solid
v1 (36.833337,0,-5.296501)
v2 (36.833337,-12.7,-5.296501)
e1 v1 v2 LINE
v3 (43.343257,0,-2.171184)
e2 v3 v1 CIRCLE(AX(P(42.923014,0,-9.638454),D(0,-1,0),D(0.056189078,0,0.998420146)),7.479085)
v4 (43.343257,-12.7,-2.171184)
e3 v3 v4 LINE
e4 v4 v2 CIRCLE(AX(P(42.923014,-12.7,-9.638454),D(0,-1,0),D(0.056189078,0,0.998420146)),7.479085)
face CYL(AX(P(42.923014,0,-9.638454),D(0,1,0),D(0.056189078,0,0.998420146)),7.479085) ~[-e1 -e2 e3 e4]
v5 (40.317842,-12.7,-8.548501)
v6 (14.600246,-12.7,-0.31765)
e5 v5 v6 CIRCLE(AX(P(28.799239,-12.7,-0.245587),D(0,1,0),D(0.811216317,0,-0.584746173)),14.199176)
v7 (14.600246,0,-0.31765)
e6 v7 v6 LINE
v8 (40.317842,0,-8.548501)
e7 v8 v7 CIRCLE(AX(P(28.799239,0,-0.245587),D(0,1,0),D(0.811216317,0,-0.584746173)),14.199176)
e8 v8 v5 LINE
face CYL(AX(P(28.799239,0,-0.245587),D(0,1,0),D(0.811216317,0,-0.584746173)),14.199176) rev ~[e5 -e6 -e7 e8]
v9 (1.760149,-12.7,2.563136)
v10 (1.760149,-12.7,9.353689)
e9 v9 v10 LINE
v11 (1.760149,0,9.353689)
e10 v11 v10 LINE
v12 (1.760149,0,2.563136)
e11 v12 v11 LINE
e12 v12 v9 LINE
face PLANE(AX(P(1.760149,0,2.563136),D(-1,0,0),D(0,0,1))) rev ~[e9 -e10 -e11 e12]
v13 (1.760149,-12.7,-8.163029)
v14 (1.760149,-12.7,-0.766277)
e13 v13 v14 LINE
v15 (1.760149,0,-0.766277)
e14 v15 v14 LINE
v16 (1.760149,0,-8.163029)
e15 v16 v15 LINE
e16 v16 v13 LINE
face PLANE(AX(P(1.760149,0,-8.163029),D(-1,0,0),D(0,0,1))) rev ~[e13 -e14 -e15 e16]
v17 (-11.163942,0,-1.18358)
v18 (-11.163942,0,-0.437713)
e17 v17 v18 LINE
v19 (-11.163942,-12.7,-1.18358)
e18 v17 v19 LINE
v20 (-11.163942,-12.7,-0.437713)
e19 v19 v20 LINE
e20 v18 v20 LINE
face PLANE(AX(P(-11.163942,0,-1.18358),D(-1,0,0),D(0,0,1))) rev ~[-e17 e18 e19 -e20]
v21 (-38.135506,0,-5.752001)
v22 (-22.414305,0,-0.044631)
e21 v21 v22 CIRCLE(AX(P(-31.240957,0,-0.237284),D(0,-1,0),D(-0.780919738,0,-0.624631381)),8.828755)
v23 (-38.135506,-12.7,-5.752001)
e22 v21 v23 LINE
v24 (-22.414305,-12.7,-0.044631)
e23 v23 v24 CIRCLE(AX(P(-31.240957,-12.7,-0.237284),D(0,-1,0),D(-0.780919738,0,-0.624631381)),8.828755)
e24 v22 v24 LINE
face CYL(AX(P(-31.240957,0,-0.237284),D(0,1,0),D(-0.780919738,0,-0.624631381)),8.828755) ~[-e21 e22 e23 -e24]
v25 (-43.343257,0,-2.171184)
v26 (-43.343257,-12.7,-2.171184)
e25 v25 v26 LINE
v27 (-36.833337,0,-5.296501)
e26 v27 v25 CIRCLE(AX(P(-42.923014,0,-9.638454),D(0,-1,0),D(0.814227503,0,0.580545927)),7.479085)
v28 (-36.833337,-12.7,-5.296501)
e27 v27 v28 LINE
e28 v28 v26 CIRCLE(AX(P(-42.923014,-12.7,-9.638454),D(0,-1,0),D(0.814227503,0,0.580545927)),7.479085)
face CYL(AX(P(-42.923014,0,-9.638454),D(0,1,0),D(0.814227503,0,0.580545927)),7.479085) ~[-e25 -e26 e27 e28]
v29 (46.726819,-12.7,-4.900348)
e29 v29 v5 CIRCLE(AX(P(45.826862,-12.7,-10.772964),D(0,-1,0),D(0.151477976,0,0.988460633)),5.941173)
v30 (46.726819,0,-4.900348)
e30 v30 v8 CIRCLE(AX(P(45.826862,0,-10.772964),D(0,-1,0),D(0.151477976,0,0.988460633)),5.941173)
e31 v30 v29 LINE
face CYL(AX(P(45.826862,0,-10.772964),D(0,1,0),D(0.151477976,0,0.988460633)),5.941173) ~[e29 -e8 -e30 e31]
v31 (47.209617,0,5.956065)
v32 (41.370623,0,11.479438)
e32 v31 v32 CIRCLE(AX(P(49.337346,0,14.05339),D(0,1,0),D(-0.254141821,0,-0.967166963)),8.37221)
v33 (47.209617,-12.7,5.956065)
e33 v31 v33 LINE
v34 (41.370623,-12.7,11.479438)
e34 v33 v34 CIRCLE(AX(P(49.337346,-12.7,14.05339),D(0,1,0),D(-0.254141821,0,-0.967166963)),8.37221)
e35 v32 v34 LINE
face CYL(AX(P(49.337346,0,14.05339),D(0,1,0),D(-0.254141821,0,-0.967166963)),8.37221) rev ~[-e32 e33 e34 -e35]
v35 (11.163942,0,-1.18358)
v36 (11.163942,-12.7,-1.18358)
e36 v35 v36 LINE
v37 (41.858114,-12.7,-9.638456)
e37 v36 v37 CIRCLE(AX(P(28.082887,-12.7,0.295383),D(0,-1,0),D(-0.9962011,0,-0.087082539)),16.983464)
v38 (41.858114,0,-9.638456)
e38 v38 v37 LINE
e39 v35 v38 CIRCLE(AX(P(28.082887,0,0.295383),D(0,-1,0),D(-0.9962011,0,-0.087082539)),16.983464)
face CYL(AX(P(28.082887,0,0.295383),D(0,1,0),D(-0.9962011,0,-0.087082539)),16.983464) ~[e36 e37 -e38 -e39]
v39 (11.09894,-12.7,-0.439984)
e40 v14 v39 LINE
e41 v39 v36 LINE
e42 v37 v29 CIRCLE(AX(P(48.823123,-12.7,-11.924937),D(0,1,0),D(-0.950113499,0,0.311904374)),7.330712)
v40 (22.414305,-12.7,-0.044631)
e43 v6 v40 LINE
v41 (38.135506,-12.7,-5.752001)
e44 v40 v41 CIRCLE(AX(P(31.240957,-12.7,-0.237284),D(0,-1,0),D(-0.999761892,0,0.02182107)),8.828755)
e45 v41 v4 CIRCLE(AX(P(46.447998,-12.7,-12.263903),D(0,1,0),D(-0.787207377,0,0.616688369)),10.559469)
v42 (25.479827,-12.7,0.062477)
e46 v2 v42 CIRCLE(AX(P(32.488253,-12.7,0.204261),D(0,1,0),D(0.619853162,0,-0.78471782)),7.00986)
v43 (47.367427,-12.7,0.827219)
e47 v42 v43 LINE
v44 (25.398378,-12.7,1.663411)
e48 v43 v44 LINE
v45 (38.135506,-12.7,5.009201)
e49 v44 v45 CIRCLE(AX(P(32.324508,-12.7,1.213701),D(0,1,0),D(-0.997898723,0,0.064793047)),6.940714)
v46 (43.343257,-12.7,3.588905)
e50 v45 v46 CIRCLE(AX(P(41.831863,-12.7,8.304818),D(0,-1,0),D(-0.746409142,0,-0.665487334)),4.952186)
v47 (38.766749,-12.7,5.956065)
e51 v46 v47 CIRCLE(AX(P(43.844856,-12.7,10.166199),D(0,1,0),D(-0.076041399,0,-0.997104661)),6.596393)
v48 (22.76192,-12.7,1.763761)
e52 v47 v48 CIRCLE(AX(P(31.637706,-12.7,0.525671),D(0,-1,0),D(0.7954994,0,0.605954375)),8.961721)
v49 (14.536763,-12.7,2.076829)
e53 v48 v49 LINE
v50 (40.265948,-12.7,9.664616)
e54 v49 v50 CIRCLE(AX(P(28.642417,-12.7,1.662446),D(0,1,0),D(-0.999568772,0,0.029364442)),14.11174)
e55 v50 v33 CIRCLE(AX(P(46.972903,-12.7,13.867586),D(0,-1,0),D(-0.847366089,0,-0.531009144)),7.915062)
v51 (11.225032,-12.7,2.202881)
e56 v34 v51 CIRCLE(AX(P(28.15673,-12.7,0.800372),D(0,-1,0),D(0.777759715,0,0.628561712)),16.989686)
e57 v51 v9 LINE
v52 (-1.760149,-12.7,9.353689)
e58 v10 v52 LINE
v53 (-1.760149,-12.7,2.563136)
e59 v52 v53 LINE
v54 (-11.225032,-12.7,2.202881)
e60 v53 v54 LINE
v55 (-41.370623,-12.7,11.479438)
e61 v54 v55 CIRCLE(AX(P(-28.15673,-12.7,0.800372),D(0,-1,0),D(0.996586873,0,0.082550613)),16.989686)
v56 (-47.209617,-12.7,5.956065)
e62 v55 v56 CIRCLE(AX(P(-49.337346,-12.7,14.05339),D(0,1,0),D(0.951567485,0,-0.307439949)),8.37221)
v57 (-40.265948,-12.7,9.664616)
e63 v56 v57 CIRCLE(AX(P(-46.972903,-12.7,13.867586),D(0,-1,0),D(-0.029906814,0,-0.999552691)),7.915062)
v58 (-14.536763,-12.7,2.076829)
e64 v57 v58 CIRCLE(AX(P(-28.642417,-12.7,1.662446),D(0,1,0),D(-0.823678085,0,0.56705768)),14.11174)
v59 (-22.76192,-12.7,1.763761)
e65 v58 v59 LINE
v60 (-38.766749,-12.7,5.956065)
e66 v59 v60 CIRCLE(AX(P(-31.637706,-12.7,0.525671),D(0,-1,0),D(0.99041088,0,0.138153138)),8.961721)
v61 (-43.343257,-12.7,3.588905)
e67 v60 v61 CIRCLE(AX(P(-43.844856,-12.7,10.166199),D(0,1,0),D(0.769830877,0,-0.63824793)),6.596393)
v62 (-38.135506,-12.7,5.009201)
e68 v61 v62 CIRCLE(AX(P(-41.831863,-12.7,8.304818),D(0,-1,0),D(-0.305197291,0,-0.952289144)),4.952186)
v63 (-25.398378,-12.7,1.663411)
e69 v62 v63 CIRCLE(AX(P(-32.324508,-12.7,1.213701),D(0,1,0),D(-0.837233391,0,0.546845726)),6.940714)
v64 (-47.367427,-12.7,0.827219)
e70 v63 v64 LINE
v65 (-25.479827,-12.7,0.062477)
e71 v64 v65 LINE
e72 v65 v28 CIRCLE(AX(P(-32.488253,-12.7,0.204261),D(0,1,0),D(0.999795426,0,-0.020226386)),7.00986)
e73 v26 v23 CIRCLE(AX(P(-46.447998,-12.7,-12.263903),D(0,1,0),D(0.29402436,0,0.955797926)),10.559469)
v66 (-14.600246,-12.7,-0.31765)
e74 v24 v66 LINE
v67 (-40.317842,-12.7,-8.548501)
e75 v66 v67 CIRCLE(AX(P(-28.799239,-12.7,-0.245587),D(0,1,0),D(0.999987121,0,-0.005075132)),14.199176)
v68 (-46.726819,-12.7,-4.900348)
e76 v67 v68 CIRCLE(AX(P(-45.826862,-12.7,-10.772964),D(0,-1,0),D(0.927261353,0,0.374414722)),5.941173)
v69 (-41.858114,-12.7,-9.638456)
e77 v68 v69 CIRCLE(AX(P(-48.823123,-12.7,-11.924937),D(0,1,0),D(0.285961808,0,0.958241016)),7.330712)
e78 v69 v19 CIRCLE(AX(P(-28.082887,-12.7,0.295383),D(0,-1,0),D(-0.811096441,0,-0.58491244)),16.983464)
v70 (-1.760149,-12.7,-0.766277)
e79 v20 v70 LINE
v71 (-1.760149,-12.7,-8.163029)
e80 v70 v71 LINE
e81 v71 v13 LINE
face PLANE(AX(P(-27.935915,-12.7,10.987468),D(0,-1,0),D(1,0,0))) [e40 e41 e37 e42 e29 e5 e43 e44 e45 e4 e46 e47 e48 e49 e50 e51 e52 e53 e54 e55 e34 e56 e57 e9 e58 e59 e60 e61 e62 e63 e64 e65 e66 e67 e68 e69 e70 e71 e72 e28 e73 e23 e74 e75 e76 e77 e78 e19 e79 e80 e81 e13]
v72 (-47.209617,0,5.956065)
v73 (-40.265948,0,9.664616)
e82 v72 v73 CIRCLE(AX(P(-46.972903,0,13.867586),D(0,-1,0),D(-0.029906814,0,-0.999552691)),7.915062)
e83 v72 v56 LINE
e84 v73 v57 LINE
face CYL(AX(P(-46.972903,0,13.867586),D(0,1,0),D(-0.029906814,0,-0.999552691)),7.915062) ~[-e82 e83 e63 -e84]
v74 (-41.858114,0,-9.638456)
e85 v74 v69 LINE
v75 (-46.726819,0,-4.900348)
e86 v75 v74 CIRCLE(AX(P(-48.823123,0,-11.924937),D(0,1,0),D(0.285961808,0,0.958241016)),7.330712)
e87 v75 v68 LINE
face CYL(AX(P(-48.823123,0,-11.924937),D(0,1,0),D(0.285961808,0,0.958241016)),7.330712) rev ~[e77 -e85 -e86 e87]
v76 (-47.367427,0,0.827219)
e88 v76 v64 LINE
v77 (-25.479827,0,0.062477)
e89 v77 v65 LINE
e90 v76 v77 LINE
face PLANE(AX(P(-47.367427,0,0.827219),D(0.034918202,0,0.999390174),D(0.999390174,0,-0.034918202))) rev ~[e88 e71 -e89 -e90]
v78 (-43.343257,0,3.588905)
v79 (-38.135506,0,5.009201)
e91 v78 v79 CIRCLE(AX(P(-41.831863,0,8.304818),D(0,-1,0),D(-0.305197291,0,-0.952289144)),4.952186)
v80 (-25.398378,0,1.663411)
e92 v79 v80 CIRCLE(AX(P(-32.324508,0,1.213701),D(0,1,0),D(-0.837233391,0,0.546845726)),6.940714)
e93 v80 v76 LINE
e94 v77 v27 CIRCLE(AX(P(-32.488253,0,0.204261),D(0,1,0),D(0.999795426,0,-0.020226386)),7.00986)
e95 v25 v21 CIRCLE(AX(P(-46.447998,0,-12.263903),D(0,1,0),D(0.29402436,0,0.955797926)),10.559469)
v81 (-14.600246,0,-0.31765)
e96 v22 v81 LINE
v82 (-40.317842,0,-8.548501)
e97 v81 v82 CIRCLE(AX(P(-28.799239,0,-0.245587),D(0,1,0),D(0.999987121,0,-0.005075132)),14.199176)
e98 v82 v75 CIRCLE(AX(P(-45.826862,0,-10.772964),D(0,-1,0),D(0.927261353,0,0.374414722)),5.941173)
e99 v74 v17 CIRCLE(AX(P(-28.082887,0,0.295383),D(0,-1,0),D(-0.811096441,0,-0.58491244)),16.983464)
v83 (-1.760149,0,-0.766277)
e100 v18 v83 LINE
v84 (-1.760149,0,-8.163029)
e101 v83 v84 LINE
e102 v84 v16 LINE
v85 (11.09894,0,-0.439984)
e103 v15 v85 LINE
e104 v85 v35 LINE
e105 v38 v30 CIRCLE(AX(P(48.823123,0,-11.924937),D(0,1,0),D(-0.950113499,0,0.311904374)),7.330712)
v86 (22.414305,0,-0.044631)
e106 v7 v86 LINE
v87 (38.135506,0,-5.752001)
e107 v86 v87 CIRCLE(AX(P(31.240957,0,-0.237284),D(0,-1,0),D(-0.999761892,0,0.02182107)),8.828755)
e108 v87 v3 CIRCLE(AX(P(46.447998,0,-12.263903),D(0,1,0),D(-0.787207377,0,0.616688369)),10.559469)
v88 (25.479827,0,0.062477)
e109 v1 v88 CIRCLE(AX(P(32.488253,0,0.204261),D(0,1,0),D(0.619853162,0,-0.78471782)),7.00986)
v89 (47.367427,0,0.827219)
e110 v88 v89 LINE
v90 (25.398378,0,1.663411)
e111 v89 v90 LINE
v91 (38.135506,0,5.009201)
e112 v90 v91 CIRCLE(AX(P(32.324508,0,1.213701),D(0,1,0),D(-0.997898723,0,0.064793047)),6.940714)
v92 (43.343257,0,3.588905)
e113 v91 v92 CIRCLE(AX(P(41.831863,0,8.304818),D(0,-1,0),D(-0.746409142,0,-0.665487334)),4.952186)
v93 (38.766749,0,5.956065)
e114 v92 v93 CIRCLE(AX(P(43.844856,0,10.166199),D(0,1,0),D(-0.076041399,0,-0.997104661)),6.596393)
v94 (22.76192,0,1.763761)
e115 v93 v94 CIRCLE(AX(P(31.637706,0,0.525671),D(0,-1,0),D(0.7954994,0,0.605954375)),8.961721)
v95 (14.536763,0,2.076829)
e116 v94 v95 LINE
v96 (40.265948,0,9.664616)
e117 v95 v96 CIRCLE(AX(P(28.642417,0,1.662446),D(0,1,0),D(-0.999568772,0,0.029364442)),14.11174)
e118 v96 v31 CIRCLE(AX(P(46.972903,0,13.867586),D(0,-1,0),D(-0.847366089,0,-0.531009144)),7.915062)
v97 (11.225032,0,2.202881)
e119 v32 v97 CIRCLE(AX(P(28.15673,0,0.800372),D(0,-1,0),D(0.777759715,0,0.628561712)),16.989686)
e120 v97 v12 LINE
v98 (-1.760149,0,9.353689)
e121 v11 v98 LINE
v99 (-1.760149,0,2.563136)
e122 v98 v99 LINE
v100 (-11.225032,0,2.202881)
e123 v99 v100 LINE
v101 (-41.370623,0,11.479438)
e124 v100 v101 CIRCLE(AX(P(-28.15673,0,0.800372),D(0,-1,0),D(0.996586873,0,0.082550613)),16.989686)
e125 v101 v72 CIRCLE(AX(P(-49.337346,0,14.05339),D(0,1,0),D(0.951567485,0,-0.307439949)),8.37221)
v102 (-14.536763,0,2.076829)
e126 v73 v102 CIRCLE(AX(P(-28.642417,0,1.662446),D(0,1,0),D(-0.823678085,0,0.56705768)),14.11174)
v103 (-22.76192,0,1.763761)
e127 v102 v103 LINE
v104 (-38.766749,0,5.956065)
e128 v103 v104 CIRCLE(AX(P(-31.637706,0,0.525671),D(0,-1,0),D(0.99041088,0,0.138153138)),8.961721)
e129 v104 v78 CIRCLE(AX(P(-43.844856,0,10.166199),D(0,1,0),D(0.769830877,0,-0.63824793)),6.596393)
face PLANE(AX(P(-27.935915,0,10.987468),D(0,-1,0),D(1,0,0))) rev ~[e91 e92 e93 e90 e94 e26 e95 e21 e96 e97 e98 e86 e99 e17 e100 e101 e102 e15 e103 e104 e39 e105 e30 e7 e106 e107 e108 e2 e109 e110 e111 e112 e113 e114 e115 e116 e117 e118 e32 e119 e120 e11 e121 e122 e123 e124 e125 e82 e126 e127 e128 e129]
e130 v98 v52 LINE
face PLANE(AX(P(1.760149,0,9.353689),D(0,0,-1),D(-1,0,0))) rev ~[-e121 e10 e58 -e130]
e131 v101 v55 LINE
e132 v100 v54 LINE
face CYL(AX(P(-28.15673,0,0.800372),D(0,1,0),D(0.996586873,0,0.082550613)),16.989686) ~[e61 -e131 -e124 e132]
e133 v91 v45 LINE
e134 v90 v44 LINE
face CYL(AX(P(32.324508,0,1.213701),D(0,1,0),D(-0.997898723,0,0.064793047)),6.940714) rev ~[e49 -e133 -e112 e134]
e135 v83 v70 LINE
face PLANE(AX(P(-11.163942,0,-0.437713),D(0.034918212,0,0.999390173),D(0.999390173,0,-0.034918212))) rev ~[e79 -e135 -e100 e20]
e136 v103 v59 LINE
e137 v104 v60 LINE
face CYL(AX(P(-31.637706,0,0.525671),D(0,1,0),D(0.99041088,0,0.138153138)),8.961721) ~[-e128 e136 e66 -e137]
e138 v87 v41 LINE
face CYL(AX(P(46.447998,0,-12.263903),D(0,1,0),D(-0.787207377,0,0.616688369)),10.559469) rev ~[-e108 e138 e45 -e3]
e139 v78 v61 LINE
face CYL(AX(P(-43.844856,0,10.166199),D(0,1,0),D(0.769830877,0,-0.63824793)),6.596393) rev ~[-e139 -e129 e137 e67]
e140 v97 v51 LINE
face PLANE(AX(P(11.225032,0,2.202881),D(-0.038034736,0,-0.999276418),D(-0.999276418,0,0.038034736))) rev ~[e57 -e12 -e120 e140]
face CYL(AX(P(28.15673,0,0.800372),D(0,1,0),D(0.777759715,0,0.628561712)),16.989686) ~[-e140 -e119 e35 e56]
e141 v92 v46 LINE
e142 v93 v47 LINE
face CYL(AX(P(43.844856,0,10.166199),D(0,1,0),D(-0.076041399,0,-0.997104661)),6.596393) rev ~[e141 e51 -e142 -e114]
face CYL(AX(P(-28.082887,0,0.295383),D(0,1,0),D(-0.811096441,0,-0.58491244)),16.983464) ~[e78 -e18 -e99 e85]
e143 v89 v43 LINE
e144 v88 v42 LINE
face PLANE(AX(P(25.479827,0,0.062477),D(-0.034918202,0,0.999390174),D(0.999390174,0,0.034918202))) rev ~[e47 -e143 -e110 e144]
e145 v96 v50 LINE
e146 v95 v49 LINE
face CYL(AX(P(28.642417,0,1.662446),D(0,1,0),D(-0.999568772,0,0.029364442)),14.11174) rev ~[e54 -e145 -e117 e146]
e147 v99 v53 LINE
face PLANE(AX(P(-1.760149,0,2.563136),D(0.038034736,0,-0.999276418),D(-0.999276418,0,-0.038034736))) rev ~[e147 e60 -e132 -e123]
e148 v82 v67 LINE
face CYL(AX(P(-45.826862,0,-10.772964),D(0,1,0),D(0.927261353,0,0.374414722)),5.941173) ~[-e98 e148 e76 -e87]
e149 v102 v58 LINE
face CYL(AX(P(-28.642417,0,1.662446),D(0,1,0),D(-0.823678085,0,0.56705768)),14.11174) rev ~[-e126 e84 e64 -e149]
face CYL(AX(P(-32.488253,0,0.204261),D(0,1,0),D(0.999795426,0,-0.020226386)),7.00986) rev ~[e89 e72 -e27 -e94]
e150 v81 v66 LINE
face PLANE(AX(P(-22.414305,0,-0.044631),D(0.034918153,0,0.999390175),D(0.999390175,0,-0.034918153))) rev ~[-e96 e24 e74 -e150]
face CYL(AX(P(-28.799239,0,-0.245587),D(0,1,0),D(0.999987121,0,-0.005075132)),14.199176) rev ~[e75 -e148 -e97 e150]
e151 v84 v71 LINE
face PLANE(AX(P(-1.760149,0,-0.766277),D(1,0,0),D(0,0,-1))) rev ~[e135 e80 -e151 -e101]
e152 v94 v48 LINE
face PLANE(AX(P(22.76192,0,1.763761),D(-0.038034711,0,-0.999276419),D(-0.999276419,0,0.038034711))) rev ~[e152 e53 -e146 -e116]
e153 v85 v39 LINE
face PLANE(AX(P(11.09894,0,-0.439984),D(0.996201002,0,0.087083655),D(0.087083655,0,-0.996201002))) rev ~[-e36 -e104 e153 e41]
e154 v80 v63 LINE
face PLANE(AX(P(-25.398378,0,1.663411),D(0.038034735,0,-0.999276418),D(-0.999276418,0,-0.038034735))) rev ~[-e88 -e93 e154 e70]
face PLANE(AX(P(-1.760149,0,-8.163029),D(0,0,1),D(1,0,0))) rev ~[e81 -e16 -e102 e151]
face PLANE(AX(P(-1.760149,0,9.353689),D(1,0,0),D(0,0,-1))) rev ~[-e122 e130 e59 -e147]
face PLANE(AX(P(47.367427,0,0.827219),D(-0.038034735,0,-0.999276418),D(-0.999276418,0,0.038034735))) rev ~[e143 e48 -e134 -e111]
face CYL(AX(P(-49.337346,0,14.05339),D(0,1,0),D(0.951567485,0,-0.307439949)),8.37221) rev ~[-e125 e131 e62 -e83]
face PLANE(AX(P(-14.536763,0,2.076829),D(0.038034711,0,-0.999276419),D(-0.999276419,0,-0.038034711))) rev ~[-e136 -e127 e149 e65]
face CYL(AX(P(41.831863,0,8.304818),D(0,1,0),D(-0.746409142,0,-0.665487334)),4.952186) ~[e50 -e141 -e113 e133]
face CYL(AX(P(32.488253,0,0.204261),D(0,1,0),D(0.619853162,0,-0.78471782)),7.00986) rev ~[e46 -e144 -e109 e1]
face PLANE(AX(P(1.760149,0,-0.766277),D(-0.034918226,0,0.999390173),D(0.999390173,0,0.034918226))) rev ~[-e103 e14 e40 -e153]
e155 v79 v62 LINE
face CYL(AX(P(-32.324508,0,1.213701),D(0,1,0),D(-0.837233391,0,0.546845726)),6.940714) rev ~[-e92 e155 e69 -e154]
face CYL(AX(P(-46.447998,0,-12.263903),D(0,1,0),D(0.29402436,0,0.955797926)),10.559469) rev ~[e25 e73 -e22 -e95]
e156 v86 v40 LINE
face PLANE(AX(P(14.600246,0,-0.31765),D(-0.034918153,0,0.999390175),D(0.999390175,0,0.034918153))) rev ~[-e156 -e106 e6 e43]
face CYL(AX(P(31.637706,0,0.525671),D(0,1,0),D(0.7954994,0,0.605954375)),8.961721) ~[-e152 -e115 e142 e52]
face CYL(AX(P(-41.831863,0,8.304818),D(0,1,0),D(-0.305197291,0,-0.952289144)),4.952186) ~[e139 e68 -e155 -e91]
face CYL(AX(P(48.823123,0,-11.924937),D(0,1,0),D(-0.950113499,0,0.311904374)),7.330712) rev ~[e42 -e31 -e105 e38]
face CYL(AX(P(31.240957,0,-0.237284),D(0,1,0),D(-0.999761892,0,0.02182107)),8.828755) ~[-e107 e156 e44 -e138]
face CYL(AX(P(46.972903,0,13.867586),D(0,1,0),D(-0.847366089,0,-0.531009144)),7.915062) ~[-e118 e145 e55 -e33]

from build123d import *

# Parameters (mm, degrees)
F1_DEPTH = 12.7


with BuildPart() as f1:
    # F0 (on Front) → F1 (new body)
    with BuildSketch(Plane.XZ):
        with BuildLine():
            ThreePointArc((-40.265948, 9.664616), (-24.650693, 15.197856), (-14.536763, 2.076829))
            Line((-14.536763, 2.076829), (-11.225032, 2.202881))
            ThreePointArc((-11.225032, 2.202881), (-23.159816, 17.038607), (-41.370623, 11.479438))
            ThreePointArc((-41.370623, 11.479438), (-43.583964, 7.971244), (-47.209617, 5.956065))
            ThreePointArc((-47.209617, 5.956065), (-43.24405, 6.885906), (-40.265948, 9.664616))
        make_face()
        Polygon((-11.225032, 2.202881), (-14.536763, 2.076829), (-22.76192, 1.763761), (-25.398378, 1.663411), (-47.367427, 0.827219), (-25.479827, 0.062477), (-22.414305, -0.044631), (-14.600246, -0.31765), (-11.163942, -0.437713), (-1.760149, -0.766277), (-1.760149, -8.163029), (1.760149, -8.163029), (1.760149, -0.766277), (11.09894, -0.439984), (14.600246, -0.31765), (22.414305, -0.044631), (25.479827, 0.062477), (47.367427, 0.827219), (25.398378, 1.663411), (22.76192, 1.763761), (14.536763, 2.076829), (11.225032, 2.202881), (1.760149, 2.563136), (1.760149, 9.353689), (-1.760149, 9.353689), (-1.760149, 2.563136), align=None)
        with BuildLine():
            Line((-25.398378, 1.663411), (-22.76192, 1.763761))
            ThreePointArc((-22.76192, 1.763761), (-29.366884, 9.194916), (-38.766749, 5.956065))
            ThreePointArc((-38.766749, 5.956065), (-40.814321, 4.307167), (-43.343257, 3.588905))
            ThreePointArc((-43.343257, 3.588905), (-40.528857, 3.527128), (-38.135506, 5.009201))
            ThreePointArc((-38.135506, 5.009201), (-30.561143, 7.926678), (-25.398378, 1.663411))
        make_face()
        with BuildLine():
            Line((-22.414305, -0.044631), (-25.479827, 0.062477))
            ThreePointArc((-25.479827, 0.062477), (-29.496095, -6.134913), (-36.833337, -5.296501))
            ThreePointArc((-36.833337, -5.296501), (-39.686114, -2.89611), (-43.343257, -2.171184))
            ThreePointArc((-43.343257, -2.171184), (-40.465201, -3.562838), (-38.135506, -5.752001))
            ThreePointArc((-38.135506, -5.752001), (-28.228189, -8.536087), (-22.414305, -0.044631))
        make_face()
        with BuildLine():
            ThreePointArc((41.370623, 11.479438), (23.159816, 17.038607), (11.225032, 2.202881))
            Line((11.225032, 2.202881), (14.536763, 2.076829))
            ThreePointArc((14.536763, 2.076829), (24.650693, 15.197856), (40.265948, 9.664616))
            ThreePointArc((40.265948, 9.664616), (43.24405, 6.885906), (47.209617, 5.956065))
            ThreePointArc((47.209617, 5.956065), (43.583964, 7.971244), (41.370623, 11.479438))
        make_face()
        with BuildLine():
            Line((-11.163942, -0.437713), (-14.600246, -0.31765))
            ThreePointArc((-14.600246, -0.31765), (-24.471093, -13.769039), (-40.317842, -8.548501))
            ThreePointArc((-40.317842, -8.548501), (-42.887794, -5.609688), (-46.726819, -4.900348))
            ThreePointArc((-46.726819, -4.900348), (-43.710466, -6.671359), (-41.858114, -9.638456))
            ThreePointArc((-41.858114, -9.638456), (-23.572679, -16.078256), (-11.163942, -1.18358))
            Line((-11.163942, -1.18358), (-11.163942, -0.437713))
        make_face()
        with BuildLine():
            ThreePointArc((38.766749, 5.956065), (29.366884, 9.194916), (22.76192, 1.763761))
            Line((22.76192, 1.763761), (25.398378, 1.663411))
            ThreePointArc((25.398378, 1.663411), (30.561143, 7.926678), (38.135506, 5.009201))
            ThreePointArc((38.135506, 5.009201), (40.528857, 3.527128), (43.343257, 3.588905))
            ThreePointArc((43.343257, 3.588905), (40.814321, 4.307167), (38.766749, 5.956065))
        make_face()
        with BuildLine():
            ThreePointArc((36.833337, -5.296501), (29.496095, -6.134913), (25.479827, 0.062477))
            Line((25.479827, 0.062477), (22.414305, -0.044631))
            ThreePointArc((22.414305, -0.044631), (28.228189, -8.536087), (38.135506, -5.752001))
            ThreePointArc((38.135506, -5.752001), (40.465201, -3.562838), (43.343257, -2.171184))
            ThreePointArc((43.343257, -2.171184), (39.686114, -2.89611), (36.833337, -5.296501))
        make_face()
        with BuildLine():
            Line((14.600246, -0.31765), (11.09894, -0.439984))
            Line((11.09894, -0.439984), (11.163942, -1.18358))
            ThreePointArc((11.163942, -1.18358), (23.572679, -16.078256), (41.858114, -9.638456))
            ThreePointArc((41.858114, -9.638456), (43.710466, -6.671359), (46.726819, -4.900348))
            ThreePointArc((46.726819, -4.900348), (42.887794, -5.609688), (40.317842, -8.548501))
            ThreePointArc((40.317842, -8.548501), (24.471093, -13.769039), (14.600246, -0.31765))
        make_face()
    extrude(amount=F1_DEPTH)


solid = f1.part
